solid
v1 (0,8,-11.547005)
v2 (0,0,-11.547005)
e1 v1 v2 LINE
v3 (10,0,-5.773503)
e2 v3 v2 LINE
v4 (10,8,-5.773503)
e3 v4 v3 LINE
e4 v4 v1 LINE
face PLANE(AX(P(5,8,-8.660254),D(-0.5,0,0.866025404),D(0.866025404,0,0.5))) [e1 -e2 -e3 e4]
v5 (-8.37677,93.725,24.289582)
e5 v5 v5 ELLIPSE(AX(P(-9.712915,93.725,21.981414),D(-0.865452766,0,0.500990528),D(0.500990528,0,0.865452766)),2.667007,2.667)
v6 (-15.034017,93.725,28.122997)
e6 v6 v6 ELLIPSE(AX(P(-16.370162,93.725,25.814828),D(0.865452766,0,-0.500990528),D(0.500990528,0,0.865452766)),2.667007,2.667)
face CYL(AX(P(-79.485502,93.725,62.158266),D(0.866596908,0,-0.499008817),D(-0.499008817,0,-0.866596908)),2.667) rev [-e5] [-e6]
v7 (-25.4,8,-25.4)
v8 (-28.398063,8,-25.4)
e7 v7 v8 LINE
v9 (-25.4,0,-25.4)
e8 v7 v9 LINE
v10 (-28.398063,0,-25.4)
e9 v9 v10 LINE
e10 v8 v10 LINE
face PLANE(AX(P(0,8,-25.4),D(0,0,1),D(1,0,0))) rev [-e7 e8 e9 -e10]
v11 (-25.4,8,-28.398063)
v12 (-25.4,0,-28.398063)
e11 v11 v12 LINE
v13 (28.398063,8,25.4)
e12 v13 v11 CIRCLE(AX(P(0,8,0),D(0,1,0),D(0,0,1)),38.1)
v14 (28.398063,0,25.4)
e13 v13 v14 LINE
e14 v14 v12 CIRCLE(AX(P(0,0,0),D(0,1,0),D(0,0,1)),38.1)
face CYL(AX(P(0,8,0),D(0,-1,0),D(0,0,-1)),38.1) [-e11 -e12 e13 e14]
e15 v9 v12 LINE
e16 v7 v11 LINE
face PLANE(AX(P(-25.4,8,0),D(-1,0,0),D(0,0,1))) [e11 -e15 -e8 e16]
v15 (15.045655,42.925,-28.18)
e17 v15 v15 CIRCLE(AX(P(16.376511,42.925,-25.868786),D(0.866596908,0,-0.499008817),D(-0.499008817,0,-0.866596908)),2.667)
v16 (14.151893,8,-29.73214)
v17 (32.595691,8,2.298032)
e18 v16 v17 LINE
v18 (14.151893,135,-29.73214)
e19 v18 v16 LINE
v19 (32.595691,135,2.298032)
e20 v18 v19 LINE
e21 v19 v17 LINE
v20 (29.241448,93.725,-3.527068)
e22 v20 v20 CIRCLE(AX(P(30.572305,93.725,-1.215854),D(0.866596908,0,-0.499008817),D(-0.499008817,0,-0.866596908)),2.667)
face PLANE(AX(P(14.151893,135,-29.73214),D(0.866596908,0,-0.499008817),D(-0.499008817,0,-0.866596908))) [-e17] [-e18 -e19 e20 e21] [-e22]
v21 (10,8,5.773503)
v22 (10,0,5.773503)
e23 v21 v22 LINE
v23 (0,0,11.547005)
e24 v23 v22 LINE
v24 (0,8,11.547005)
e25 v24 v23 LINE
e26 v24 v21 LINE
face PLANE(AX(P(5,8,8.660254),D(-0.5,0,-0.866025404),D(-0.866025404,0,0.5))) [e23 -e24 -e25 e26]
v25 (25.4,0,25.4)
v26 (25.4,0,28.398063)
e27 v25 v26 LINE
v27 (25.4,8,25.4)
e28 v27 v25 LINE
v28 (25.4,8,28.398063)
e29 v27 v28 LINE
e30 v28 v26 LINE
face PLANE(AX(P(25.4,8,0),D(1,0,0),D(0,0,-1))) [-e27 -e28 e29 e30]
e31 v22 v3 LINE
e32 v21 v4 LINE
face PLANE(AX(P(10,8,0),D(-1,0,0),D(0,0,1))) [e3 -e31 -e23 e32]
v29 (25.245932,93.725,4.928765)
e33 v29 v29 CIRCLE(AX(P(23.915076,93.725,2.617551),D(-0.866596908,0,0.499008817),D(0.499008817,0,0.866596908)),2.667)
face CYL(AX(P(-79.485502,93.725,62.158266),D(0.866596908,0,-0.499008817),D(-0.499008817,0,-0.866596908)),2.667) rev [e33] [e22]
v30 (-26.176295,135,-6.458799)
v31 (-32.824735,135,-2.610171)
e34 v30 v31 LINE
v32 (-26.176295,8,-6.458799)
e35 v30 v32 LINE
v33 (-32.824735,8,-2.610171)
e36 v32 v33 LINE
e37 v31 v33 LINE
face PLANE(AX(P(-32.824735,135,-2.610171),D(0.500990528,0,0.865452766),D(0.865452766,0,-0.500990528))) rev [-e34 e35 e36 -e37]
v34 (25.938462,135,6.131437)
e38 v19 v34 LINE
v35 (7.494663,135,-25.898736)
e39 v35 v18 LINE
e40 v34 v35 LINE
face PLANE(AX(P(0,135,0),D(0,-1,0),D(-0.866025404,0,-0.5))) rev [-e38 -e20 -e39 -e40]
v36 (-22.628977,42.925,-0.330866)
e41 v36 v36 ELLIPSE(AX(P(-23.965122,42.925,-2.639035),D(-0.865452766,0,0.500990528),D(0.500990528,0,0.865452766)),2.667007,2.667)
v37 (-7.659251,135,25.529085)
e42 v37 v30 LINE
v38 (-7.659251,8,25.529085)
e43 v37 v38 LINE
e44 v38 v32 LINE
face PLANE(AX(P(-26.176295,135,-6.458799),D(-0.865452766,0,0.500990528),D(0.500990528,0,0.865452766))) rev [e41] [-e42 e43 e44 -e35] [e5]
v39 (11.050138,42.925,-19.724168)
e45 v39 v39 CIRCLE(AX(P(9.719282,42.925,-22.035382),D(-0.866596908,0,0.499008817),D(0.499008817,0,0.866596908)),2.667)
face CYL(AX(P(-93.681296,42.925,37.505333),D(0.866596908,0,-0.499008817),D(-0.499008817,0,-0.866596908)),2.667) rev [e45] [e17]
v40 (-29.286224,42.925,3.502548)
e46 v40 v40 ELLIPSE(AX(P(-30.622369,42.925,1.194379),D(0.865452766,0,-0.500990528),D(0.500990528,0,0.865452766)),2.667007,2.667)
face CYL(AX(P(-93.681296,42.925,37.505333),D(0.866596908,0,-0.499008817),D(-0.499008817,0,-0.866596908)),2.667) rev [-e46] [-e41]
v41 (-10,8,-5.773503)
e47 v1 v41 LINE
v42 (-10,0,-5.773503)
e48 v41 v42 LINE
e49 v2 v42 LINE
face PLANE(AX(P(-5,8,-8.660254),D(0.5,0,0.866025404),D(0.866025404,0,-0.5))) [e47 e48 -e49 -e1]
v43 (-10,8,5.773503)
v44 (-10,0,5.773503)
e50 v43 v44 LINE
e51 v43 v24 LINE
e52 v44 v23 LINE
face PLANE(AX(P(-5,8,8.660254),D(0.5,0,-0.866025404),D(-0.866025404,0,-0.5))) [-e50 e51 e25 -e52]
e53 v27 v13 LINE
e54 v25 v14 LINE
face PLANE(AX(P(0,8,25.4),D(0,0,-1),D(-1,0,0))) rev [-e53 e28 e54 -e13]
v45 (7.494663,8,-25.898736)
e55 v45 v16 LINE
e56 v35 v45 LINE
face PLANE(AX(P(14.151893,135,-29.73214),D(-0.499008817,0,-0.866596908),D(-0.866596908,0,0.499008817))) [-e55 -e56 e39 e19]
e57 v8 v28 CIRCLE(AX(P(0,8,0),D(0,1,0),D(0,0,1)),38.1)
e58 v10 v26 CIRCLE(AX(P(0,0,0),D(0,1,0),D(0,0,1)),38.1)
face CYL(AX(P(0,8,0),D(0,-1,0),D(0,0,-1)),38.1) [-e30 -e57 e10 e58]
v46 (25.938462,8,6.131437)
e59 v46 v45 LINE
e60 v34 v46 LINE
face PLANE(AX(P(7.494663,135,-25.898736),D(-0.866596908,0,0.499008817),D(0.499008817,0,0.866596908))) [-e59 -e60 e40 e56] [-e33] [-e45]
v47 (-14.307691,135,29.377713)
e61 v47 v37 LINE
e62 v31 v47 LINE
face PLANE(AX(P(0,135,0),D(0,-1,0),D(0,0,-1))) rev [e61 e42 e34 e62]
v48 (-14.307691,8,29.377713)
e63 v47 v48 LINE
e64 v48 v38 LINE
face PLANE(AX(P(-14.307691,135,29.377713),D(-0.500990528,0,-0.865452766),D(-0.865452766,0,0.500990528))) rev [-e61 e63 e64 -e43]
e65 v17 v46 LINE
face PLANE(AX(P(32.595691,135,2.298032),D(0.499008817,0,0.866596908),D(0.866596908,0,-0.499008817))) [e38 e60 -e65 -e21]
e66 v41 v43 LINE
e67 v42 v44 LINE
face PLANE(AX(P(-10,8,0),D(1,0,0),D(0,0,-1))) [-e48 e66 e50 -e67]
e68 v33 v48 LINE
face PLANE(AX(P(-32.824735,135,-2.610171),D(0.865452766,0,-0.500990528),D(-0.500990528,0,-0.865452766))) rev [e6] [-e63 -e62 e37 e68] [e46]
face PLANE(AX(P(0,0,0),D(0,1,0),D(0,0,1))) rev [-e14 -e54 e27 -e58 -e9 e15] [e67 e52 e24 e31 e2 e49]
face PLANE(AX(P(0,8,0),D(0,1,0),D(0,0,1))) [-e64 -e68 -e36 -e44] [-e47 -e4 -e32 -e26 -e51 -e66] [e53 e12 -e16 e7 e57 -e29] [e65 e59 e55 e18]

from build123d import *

# Parameters (mm, degrees)
BOSS_EXTRUDE1_DEPTH = 8
BOSS_EXTRUDE3_DEPTH = 127
SKETCH8_R           = 2.667
CUT_EXTRUDE1_DEPTH  = 127


with BuildPart() as part:
    # Sketch2 → Boss-Extrude1 (new body)
    with BuildSketch(Plane(origin=(0, 0, 0), x_dir=(1, 0, 0), z_dir=(0, 1, 0))):
        with BuildLine():
            ThreePointArc((-28.398063314, 25.4), (-26.940768363, -26.940768363), (25.4, -28.398063314))
            Line((25.4, -28.398063314), (25.4, -25.4))
            Line((25.4, -25.4), (28.398063314, -25.4))
            ThreePointArc((28.398063314, -25.4), (26.940768363, 26.940768363), (-25.4, 28.398063314))
            Line((-25.4, 28.398063314), (-25.4, 25.4))
            Line((-25.4, 25.4), (-28.398063314, 25.4))
        make_face()
        Polygon((10, 5.773502692), (10, -5.773502692), (0, -11.547005384), (-10, -5.773502692), (-10, 5.773502692), (0, 11.547005384), align=None, mode=Mode.SUBTRACT)
    extrude(amount=BOSS_EXTRUDE1_DEPTH)

    # Sketch7 → Boss-Extrude3 (add)
    with BuildSketch(Plane(origin=(0, 8, 0), x_dir=(1, 0, 0), z_dir=(0, 1, 0))):
        Polygon((-32.824735076, 2.610171349), (-14.307691077, -29.37771274), (-7.659250908, -25.529084967), (-26.176294907, 6.458799122), align=None)
    boss_extrude3 = extrude(amount=BOSS_EXTRUDE3_DEPTH)

    # Mirror1: Boss-Extrude3 across plane
    add(boss_extrude3.mirror(Plane(origin=(-21.745710428, -1.979026449, -37.664675308), x_dir=(0.4999999999999996, 0, 0.8660254037844389), z_dir=(0.8660254037844389, 0, -0.4999999999999996))))

    # Sketch8 → Cut-Extrude1 (cut)
    with BuildSketch(Plane(origin=(23.485284585, 0, -13.523431686), x_dir=(-0.49900881712180367, 0, -0.8665969076997092), z_dir=(0.8665969076997092, 0, -0.49900881712180367))):
        with Locations((-14.202194794, 93.725)):
            Circle(SKETCH8_R)
        with Locations((14.245786586, 42.925)):
            Circle(SKETCH8_R)
    extrude(amount=-CUT_EXTRUDE1_DEPTH, mode=Mode.SUBTRACT)


solid = part.part
